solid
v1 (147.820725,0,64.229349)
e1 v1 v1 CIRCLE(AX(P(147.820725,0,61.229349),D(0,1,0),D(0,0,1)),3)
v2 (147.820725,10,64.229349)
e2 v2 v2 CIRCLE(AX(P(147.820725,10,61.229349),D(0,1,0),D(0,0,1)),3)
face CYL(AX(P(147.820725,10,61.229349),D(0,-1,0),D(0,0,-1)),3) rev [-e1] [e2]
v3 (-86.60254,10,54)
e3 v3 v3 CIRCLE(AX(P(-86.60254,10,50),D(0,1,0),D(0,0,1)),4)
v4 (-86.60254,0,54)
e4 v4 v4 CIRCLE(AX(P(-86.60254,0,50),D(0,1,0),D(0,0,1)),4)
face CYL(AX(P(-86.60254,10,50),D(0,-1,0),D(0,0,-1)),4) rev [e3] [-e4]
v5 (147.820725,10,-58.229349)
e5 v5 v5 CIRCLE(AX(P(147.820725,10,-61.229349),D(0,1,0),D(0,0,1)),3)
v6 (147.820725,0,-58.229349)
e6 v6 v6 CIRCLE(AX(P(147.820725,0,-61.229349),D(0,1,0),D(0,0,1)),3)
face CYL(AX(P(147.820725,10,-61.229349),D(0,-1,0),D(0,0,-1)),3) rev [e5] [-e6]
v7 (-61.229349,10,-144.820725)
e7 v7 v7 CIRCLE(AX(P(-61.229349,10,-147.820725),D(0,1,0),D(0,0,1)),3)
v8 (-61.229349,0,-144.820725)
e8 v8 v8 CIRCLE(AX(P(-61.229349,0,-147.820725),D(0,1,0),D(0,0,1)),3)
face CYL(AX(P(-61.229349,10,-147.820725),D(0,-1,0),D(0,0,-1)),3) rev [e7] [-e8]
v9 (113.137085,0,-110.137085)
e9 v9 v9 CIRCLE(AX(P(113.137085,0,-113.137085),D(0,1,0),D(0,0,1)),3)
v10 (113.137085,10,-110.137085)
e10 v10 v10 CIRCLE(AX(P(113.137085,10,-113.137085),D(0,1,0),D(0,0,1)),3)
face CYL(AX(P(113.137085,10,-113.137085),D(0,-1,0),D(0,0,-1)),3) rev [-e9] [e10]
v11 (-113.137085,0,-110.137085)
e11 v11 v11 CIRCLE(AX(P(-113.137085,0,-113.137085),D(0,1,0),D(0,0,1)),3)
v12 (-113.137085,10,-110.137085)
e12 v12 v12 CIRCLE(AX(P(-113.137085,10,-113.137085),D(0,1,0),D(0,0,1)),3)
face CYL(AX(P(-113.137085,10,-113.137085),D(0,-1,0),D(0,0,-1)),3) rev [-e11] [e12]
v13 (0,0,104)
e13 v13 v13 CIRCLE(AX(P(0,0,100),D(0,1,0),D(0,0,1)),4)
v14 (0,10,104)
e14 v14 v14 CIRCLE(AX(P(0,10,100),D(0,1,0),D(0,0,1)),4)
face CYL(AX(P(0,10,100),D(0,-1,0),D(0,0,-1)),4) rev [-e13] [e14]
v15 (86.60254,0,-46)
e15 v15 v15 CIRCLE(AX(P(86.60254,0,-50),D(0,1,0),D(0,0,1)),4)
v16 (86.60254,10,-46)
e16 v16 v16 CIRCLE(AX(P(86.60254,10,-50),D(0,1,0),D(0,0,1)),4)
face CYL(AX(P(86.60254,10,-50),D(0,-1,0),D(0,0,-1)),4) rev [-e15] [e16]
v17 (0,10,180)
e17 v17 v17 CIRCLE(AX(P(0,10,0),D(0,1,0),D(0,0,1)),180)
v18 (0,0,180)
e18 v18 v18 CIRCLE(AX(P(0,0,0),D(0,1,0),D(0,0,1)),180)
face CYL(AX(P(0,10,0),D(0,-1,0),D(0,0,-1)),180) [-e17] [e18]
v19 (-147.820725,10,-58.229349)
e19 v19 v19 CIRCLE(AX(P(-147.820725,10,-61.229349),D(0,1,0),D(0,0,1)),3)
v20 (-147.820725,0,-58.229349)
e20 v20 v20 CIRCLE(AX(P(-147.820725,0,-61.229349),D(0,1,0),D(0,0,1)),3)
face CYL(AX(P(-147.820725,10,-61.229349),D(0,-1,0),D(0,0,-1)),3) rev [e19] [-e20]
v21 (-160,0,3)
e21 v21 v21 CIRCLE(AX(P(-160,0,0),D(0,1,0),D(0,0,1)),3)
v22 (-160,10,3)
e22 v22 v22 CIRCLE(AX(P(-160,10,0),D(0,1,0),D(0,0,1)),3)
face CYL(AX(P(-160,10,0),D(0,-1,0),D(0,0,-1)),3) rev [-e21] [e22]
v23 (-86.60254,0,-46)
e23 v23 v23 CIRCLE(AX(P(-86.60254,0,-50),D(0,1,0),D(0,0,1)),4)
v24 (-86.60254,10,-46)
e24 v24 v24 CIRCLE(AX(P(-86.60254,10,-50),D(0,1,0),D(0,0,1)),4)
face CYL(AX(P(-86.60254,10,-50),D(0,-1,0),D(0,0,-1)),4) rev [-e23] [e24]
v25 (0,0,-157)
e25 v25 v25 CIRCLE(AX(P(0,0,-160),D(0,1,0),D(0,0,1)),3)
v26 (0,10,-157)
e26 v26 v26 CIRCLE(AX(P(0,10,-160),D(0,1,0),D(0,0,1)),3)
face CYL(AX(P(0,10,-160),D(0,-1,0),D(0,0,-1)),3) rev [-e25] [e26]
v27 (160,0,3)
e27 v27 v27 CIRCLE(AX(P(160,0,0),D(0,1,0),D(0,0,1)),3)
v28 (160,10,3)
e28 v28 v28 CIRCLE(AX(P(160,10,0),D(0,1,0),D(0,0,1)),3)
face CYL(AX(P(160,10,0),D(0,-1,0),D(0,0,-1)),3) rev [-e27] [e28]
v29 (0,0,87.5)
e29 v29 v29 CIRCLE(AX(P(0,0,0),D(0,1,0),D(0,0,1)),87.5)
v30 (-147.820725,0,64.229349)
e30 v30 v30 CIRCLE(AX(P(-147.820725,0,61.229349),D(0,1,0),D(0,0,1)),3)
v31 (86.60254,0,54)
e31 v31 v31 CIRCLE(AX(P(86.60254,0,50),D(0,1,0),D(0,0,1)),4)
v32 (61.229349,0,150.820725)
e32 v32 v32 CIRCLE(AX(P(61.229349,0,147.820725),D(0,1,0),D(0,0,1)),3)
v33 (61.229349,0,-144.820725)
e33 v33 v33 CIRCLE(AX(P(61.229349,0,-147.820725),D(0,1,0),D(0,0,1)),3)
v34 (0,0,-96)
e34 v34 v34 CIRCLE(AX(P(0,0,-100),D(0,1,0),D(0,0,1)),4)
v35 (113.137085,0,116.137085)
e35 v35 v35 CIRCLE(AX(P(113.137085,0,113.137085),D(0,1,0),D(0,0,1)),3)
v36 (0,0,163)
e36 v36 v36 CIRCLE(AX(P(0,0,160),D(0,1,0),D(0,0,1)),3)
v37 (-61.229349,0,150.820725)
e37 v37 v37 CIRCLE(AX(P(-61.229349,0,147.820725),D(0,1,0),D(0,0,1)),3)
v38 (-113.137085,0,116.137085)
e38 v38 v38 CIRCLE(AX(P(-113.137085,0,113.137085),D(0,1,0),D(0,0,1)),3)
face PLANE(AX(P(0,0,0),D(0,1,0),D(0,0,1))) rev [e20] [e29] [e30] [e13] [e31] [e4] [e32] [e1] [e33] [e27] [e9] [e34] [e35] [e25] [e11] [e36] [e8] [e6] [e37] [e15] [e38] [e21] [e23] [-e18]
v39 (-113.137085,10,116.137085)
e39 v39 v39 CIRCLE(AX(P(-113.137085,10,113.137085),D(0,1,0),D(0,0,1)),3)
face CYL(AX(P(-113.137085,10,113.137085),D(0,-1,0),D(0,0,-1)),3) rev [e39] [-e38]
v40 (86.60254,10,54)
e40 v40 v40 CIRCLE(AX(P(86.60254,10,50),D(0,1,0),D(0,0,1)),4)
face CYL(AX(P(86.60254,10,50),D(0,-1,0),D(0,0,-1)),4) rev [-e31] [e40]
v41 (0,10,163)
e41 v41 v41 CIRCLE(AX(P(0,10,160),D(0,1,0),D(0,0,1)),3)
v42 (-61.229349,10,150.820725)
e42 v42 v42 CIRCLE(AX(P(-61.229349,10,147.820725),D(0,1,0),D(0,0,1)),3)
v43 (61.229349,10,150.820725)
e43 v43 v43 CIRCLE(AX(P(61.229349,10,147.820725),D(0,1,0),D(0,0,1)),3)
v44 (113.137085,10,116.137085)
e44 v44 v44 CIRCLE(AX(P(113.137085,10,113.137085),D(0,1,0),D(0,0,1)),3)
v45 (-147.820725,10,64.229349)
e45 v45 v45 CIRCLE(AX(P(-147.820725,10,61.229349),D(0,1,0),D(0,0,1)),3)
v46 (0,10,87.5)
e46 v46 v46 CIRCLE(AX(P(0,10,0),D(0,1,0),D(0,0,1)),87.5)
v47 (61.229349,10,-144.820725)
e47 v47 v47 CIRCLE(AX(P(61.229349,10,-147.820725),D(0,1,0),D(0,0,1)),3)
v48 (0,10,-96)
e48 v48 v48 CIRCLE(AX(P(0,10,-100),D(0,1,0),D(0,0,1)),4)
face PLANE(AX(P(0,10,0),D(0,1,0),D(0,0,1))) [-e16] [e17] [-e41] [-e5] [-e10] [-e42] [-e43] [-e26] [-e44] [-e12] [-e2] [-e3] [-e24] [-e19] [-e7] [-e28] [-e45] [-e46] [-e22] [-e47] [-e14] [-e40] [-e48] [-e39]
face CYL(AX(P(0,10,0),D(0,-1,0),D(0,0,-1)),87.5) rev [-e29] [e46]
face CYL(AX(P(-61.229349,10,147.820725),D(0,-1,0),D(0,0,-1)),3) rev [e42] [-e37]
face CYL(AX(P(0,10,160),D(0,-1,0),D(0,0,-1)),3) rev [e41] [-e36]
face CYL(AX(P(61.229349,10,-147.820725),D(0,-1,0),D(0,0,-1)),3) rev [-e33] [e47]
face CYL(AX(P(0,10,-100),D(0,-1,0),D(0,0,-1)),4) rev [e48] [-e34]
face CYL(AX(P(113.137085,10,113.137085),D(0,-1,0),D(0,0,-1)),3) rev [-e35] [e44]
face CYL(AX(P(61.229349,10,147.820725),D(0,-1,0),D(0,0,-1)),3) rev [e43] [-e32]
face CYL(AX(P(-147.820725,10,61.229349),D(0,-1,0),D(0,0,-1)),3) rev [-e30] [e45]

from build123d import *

# Parameters (mm, degrees)
SKETCH1_R           = 180
SKETCH1_R_2         = 87.5
SKETCH1_R_3         = 3
SKETCH1_R_4         = 4
BOSS_EXTRUDE1_DEPTH = 10


with BuildPart() as part:
    # Sketch1 → Boss-Extrude1 (new body)
    with BuildSketch(Plane(origin=(0, 0, 0), x_dir=(1, 0, 0), z_dir=(0, 1, 0))):
        Circle(SKETCH1_R)
        Circle(SKETCH1_R_2, mode=Mode.SUBTRACT)
        with Locations((0, 160)):
            Circle(SKETCH1_R_3, mode=Mode.SUBTRACT)
        with Locations((61.229349178, 147.820725202)):
            Circle(SKETCH1_R_3, mode=Mode.SUBTRACT)
        with Locations((113.13708499, 113.13708499)):
            Circle(SKETCH1_R_3, mode=Mode.SUBTRACT)
        with Locations((147.820725202, 61.229349178)):
            Circle(SKETCH1_R_3, mode=Mode.SUBTRACT)
        with Locations((160, 0)):
            Circle(SKETCH1_R_3, mode=Mode.SUBTRACT)
        with Locations((147.820725202, -61.229349178)):
            Circle(SKETCH1_R_3, mode=Mode.SUBTRACT)
        with Locations((113.13708499, -113.13708499)):
            Circle(SKETCH1_R_3, mode=Mode.SUBTRACT)
        with Locations((61.229349178, -147.820725202)):
            Circle(SKETCH1_R_3, mode=Mode.SUBTRACT)
        with Locations((0, -160)):
            Circle(SKETCH1_R_3, mode=Mode.SUBTRACT)
        with Locations((-61.229349178, -147.820725202)):
            Circle(SKETCH1_R_3, mode=Mode.SUBTRACT)
        with Locations((-113.13708499, -113.13708499)):
            Circle(SKETCH1_R_3, mode=Mode.SUBTRACT)
        with Locations((-147.820725202, -61.229349178)):
            Circle(SKETCH1_R_3, mode=Mode.SUBTRACT)
        with Locations((-160, 0)):
            Circle(SKETCH1_R_3, mode=Mode.SUBTRACT)
        with Locations((-147.820725202, 61.229349178)):
            Circle(SKETCH1_R_3, mode=Mode.SUBTRACT)
        with Locations((-113.13708499, 113.13708499)):
            Circle(SKETCH1_R_3, mode=Mode.SUBTRACT)
        with Locations((-61.229349178, 147.820725202)):
            Circle(SKETCH1_R_3, mode=Mode.SUBTRACT)
        with Locations((0, 100)):
            Circle(SKETCH1_R_4, mode=Mode.SUBTRACT)
        with Locations((86.602540378, 50)):
            Circle(SKETCH1_R_4, mode=Mode.SUBTRACT)
        with Locations((86.602540378, -50)):
            Circle(SKETCH1_R_4, mode=Mode.SUBTRACT)
        with Locations((0, -100)):
            Circle(SKETCH1_R_4, mode=Mode.SUBTRACT)
        with Locations((-86.602540378, -50)):
            Circle(SKETCH1_R_4, mode=Mode.SUBTRACT)
        with Locations((-86.602540378, 50)):
            Circle(SKETCH1_R_4, mode=Mode.SUBTRACT)
    extrude(amount=BOSS_EXTRUDE1_DEPTH)


solid = part.part
